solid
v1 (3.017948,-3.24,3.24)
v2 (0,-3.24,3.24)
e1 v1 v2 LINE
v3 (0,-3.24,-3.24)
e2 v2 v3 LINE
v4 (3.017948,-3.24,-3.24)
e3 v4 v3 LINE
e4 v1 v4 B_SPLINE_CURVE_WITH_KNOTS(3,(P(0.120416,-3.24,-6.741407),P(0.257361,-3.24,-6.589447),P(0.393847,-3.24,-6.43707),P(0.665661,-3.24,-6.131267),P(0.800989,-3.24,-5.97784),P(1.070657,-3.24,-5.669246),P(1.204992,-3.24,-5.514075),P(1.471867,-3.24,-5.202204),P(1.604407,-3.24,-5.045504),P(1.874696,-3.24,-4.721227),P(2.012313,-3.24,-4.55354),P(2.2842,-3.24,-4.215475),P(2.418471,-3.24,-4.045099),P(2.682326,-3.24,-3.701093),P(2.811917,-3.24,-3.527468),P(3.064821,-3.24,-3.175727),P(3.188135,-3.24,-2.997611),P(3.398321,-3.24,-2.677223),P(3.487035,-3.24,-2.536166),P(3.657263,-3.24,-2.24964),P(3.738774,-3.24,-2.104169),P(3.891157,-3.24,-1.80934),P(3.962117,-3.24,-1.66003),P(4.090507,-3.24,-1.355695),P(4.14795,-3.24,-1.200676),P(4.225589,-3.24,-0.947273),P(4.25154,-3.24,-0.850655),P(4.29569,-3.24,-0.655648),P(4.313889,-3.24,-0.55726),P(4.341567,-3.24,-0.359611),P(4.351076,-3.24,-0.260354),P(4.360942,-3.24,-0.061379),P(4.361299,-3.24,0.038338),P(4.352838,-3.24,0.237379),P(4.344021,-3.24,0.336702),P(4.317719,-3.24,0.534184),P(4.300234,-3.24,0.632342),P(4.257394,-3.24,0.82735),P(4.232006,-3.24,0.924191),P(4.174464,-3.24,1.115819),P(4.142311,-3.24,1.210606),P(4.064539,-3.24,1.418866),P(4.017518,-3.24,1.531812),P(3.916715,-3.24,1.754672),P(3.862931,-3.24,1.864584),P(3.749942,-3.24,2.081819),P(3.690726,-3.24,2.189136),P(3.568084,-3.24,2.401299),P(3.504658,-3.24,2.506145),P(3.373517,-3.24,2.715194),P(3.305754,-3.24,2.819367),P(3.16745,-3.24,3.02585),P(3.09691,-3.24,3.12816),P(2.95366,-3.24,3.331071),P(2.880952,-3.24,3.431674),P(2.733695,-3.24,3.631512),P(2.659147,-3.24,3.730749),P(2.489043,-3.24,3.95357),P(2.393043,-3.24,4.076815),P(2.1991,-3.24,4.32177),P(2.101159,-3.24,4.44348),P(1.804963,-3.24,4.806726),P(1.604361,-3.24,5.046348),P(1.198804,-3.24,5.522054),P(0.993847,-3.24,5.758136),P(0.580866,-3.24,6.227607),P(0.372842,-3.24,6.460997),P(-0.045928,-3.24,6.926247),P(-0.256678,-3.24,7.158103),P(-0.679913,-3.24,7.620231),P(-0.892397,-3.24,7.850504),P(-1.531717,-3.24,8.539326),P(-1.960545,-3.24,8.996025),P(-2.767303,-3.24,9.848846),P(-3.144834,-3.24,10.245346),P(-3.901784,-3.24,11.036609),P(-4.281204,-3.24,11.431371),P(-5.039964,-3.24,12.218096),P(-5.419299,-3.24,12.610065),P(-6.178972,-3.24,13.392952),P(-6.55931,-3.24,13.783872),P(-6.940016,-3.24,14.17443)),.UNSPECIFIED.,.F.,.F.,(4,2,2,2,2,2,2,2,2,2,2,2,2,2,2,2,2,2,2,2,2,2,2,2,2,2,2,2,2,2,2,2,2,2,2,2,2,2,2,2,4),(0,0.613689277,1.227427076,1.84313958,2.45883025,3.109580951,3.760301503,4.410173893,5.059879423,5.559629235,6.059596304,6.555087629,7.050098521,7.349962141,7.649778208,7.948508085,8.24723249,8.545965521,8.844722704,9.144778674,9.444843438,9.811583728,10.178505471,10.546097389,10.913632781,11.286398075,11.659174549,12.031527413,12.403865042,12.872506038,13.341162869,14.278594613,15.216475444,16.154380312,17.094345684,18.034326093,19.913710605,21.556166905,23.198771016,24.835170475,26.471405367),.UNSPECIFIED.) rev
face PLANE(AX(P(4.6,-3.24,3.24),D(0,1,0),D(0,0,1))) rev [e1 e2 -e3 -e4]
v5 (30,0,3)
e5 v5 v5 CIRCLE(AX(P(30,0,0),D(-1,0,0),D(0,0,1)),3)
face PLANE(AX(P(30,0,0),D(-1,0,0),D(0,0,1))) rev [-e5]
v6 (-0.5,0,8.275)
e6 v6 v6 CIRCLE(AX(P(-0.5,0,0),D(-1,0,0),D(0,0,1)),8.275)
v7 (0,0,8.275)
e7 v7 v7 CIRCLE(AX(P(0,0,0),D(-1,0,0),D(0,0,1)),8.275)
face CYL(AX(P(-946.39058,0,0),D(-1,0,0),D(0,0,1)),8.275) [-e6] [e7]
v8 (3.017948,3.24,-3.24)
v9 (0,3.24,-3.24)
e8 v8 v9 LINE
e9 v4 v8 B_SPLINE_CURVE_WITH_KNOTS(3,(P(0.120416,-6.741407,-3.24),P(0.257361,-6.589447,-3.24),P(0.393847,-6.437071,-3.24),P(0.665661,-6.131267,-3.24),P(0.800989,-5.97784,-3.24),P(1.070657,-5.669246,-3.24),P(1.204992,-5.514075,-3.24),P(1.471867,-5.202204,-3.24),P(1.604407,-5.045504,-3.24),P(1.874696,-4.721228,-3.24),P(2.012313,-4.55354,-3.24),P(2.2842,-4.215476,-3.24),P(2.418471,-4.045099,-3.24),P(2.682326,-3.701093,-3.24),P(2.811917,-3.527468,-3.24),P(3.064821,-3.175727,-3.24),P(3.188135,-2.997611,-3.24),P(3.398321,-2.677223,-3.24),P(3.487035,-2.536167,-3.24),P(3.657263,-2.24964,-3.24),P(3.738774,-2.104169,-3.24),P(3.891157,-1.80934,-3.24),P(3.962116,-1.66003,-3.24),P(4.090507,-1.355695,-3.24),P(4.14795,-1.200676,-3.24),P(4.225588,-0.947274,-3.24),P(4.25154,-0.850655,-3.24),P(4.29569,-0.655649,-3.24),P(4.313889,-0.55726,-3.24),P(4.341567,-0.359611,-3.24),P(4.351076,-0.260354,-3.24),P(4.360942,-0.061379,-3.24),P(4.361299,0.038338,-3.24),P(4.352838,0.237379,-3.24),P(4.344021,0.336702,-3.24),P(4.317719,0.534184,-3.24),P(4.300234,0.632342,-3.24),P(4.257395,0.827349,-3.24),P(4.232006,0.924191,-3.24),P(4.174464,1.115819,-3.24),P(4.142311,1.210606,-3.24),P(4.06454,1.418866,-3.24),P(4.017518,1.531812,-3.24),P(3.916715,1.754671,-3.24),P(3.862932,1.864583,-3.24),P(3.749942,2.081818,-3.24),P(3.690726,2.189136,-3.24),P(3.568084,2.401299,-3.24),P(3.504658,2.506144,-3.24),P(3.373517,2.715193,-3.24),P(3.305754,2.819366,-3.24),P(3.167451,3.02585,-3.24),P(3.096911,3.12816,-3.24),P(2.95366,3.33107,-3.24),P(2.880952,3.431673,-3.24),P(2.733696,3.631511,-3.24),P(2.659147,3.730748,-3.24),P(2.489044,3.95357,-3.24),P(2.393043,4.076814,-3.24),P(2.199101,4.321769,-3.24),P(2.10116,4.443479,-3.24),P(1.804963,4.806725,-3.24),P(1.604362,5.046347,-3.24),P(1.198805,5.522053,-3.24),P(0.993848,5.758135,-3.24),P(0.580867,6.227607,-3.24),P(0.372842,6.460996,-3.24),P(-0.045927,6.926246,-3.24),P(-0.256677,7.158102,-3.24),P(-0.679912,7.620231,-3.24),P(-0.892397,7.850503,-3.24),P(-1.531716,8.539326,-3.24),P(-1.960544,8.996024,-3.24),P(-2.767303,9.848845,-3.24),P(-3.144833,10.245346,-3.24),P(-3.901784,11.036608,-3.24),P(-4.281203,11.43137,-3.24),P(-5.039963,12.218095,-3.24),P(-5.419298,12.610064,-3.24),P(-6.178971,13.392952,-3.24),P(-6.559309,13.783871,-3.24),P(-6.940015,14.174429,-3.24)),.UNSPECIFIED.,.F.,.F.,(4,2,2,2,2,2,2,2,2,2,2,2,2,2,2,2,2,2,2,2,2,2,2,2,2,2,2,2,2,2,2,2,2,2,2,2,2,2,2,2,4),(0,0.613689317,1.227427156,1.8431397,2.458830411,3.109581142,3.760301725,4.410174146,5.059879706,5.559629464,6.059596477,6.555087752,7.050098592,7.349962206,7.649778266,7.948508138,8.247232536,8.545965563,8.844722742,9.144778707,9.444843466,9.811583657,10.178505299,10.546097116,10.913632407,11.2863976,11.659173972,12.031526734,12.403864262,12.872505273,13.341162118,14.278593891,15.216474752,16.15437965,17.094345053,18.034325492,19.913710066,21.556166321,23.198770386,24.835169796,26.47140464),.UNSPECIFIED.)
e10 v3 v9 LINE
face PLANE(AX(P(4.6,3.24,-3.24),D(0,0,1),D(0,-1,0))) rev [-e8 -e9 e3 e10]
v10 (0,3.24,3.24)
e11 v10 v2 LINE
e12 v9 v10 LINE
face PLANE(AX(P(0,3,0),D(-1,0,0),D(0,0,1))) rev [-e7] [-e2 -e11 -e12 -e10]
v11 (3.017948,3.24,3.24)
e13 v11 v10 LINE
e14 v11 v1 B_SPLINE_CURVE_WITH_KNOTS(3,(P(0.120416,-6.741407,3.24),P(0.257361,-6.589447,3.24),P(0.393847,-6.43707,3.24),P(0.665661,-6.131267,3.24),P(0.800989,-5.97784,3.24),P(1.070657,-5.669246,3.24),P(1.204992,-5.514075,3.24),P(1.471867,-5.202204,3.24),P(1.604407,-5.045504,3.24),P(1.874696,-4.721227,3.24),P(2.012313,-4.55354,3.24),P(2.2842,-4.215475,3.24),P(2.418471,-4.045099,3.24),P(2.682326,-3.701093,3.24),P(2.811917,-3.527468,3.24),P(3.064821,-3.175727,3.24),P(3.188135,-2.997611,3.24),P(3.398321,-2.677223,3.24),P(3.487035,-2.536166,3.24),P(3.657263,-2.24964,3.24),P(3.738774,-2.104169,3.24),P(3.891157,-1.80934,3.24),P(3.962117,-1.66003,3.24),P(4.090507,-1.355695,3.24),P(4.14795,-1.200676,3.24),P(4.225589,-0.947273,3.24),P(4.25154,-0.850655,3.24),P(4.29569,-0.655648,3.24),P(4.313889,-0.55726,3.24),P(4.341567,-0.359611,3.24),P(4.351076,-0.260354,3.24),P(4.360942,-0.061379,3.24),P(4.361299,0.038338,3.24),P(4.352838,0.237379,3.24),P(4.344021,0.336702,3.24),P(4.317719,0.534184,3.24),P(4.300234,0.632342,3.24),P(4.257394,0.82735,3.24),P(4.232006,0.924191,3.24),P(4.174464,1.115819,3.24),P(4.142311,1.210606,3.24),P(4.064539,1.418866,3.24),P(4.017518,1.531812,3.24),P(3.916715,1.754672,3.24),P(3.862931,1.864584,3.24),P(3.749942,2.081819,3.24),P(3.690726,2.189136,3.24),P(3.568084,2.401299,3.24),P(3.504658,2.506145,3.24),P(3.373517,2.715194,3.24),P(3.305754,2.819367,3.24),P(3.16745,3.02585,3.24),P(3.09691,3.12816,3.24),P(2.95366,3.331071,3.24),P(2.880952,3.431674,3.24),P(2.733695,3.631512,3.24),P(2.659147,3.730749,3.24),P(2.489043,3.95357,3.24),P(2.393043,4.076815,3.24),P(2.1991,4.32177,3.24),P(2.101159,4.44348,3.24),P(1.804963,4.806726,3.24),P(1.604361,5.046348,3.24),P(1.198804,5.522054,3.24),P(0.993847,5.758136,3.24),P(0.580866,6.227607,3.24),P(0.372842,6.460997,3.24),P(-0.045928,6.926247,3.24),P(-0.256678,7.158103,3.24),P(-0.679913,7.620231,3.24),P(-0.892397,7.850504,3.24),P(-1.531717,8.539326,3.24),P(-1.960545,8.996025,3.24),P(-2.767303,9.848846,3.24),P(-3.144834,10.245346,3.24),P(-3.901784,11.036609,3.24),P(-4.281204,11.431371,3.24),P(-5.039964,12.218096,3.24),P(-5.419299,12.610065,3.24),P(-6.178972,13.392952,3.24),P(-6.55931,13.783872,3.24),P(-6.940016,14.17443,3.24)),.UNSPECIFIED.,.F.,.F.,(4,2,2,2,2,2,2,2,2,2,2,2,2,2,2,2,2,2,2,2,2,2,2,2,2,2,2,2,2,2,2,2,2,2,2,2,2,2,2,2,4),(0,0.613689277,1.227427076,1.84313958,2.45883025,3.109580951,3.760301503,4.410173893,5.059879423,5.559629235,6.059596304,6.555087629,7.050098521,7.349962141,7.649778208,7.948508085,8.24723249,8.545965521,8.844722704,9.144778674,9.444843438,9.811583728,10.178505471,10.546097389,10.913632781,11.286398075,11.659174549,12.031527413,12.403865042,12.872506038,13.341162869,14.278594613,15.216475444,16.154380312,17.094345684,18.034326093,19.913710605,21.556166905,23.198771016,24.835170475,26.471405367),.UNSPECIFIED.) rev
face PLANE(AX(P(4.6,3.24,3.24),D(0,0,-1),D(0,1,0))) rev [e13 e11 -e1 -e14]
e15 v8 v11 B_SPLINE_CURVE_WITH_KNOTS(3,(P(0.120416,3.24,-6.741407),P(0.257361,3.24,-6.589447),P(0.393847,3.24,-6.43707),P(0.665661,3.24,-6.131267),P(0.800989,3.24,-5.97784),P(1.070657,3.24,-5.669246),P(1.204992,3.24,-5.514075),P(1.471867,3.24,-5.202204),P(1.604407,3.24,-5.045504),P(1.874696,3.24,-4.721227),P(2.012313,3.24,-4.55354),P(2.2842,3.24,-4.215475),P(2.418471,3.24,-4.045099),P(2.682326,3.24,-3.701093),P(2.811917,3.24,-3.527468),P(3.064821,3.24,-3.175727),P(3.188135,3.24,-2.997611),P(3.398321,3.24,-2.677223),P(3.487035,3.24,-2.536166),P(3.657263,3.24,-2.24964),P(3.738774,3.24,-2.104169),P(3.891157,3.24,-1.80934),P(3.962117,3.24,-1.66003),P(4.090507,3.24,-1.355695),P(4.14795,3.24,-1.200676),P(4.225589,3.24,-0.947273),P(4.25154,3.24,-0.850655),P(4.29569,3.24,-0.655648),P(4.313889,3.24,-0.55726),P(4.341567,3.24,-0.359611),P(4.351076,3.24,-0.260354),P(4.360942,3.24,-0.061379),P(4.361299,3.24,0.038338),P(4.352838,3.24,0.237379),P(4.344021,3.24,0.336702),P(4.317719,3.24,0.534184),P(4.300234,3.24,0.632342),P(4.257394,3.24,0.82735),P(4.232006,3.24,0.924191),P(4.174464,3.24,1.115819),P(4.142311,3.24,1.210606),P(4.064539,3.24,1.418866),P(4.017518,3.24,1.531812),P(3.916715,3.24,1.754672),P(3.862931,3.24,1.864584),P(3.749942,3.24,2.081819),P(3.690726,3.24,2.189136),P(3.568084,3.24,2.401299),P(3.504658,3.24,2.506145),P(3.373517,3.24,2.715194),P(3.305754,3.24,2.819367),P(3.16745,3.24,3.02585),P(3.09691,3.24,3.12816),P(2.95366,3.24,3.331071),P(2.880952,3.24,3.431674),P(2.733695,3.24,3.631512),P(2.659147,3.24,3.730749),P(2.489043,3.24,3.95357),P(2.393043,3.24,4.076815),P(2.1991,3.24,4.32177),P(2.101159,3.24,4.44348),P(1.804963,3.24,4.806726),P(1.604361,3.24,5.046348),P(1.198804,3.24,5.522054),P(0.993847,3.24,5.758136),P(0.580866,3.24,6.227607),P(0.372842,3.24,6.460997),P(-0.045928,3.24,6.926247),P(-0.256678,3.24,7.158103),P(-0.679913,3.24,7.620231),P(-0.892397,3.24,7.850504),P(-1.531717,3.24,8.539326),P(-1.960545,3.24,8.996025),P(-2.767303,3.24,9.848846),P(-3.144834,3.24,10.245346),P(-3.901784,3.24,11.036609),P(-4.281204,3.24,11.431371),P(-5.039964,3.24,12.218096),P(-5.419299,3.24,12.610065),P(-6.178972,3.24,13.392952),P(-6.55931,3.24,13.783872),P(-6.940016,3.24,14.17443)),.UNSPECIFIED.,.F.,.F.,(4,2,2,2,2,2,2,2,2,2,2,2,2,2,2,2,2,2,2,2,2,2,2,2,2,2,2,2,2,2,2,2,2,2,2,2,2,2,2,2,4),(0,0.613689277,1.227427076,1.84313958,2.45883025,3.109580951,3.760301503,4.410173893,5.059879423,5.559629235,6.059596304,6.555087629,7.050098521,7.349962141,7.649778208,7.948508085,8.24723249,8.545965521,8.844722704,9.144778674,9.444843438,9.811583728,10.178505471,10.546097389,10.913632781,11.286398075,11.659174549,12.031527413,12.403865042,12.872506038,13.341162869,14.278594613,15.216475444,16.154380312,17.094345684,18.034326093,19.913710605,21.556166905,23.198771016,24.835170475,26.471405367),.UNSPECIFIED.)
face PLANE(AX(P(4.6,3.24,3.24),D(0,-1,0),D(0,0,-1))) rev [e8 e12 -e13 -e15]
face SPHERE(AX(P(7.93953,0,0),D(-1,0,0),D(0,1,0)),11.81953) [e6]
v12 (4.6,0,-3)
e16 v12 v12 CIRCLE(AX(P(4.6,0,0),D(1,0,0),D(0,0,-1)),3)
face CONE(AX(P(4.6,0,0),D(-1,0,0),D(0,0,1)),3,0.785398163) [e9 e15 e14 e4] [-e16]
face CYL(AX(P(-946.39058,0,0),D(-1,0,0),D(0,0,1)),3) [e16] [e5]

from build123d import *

# Parameters (mm, degrees)
SKETCH_2_W      = 6.48
SKETCH_2_H      = 6.48
EXTRUDE_1_DEPTH = 4.6


with BuildPart() as part:
    # Эскиз1 → Повернуть1 (revolve)
    with BuildSketch(Plane.XY):
        with BuildLine():
            Line((30, 0), (-3.88, 0))
            ThreePointArc((-3.88, 0), (-3.002420637, 4.469340695), (-0.5, 8.275))
            Line((-0.5, 8.275), (0, 8.275))
            Line((0, 8.275), (0, 3))
            Line((0, 3), (30, 3))
            Line((30, 3), (30, 0))
        make_face()
    revolve(axis=Axis((-946.390579576, 0, 0), (1, 0, 0)))

    # Эскиз2 → Бобышка-Вытянуть1 (add)
    with BuildSketch(Plane(origin=(0, 0, 0), x_dir=(0, 0, -1), z_dir=(1, 0, 0))):
        Rectangle(SKETCH_2_W, SKETCH_2_H)
    extrude(amount=EXTRUDE_1_DEPTH)


with BuildPart() as body_2:
    # Эскиз3 → Повернуть2 (revolve)
    with BuildSketch(Plane(origin=(0, 0, 0), x_dir=(-1, 0, 0), z_dir=(0, -0.707106781, 0.707106781))):
        Polygon((-4.6, 3), (-2.017948058, 5.582051942), (-7.182051942, 5.582051942), align=None)
    revolve(axis=Axis((1000, 0, 0), (-1, 0, 0)))


with BuildPart() as part_1:
    add(part.part)

    # Combine 1: cut body 2
    add(body_2.part, mode=Mode.SUBTRACT)


solid = part_1.part
